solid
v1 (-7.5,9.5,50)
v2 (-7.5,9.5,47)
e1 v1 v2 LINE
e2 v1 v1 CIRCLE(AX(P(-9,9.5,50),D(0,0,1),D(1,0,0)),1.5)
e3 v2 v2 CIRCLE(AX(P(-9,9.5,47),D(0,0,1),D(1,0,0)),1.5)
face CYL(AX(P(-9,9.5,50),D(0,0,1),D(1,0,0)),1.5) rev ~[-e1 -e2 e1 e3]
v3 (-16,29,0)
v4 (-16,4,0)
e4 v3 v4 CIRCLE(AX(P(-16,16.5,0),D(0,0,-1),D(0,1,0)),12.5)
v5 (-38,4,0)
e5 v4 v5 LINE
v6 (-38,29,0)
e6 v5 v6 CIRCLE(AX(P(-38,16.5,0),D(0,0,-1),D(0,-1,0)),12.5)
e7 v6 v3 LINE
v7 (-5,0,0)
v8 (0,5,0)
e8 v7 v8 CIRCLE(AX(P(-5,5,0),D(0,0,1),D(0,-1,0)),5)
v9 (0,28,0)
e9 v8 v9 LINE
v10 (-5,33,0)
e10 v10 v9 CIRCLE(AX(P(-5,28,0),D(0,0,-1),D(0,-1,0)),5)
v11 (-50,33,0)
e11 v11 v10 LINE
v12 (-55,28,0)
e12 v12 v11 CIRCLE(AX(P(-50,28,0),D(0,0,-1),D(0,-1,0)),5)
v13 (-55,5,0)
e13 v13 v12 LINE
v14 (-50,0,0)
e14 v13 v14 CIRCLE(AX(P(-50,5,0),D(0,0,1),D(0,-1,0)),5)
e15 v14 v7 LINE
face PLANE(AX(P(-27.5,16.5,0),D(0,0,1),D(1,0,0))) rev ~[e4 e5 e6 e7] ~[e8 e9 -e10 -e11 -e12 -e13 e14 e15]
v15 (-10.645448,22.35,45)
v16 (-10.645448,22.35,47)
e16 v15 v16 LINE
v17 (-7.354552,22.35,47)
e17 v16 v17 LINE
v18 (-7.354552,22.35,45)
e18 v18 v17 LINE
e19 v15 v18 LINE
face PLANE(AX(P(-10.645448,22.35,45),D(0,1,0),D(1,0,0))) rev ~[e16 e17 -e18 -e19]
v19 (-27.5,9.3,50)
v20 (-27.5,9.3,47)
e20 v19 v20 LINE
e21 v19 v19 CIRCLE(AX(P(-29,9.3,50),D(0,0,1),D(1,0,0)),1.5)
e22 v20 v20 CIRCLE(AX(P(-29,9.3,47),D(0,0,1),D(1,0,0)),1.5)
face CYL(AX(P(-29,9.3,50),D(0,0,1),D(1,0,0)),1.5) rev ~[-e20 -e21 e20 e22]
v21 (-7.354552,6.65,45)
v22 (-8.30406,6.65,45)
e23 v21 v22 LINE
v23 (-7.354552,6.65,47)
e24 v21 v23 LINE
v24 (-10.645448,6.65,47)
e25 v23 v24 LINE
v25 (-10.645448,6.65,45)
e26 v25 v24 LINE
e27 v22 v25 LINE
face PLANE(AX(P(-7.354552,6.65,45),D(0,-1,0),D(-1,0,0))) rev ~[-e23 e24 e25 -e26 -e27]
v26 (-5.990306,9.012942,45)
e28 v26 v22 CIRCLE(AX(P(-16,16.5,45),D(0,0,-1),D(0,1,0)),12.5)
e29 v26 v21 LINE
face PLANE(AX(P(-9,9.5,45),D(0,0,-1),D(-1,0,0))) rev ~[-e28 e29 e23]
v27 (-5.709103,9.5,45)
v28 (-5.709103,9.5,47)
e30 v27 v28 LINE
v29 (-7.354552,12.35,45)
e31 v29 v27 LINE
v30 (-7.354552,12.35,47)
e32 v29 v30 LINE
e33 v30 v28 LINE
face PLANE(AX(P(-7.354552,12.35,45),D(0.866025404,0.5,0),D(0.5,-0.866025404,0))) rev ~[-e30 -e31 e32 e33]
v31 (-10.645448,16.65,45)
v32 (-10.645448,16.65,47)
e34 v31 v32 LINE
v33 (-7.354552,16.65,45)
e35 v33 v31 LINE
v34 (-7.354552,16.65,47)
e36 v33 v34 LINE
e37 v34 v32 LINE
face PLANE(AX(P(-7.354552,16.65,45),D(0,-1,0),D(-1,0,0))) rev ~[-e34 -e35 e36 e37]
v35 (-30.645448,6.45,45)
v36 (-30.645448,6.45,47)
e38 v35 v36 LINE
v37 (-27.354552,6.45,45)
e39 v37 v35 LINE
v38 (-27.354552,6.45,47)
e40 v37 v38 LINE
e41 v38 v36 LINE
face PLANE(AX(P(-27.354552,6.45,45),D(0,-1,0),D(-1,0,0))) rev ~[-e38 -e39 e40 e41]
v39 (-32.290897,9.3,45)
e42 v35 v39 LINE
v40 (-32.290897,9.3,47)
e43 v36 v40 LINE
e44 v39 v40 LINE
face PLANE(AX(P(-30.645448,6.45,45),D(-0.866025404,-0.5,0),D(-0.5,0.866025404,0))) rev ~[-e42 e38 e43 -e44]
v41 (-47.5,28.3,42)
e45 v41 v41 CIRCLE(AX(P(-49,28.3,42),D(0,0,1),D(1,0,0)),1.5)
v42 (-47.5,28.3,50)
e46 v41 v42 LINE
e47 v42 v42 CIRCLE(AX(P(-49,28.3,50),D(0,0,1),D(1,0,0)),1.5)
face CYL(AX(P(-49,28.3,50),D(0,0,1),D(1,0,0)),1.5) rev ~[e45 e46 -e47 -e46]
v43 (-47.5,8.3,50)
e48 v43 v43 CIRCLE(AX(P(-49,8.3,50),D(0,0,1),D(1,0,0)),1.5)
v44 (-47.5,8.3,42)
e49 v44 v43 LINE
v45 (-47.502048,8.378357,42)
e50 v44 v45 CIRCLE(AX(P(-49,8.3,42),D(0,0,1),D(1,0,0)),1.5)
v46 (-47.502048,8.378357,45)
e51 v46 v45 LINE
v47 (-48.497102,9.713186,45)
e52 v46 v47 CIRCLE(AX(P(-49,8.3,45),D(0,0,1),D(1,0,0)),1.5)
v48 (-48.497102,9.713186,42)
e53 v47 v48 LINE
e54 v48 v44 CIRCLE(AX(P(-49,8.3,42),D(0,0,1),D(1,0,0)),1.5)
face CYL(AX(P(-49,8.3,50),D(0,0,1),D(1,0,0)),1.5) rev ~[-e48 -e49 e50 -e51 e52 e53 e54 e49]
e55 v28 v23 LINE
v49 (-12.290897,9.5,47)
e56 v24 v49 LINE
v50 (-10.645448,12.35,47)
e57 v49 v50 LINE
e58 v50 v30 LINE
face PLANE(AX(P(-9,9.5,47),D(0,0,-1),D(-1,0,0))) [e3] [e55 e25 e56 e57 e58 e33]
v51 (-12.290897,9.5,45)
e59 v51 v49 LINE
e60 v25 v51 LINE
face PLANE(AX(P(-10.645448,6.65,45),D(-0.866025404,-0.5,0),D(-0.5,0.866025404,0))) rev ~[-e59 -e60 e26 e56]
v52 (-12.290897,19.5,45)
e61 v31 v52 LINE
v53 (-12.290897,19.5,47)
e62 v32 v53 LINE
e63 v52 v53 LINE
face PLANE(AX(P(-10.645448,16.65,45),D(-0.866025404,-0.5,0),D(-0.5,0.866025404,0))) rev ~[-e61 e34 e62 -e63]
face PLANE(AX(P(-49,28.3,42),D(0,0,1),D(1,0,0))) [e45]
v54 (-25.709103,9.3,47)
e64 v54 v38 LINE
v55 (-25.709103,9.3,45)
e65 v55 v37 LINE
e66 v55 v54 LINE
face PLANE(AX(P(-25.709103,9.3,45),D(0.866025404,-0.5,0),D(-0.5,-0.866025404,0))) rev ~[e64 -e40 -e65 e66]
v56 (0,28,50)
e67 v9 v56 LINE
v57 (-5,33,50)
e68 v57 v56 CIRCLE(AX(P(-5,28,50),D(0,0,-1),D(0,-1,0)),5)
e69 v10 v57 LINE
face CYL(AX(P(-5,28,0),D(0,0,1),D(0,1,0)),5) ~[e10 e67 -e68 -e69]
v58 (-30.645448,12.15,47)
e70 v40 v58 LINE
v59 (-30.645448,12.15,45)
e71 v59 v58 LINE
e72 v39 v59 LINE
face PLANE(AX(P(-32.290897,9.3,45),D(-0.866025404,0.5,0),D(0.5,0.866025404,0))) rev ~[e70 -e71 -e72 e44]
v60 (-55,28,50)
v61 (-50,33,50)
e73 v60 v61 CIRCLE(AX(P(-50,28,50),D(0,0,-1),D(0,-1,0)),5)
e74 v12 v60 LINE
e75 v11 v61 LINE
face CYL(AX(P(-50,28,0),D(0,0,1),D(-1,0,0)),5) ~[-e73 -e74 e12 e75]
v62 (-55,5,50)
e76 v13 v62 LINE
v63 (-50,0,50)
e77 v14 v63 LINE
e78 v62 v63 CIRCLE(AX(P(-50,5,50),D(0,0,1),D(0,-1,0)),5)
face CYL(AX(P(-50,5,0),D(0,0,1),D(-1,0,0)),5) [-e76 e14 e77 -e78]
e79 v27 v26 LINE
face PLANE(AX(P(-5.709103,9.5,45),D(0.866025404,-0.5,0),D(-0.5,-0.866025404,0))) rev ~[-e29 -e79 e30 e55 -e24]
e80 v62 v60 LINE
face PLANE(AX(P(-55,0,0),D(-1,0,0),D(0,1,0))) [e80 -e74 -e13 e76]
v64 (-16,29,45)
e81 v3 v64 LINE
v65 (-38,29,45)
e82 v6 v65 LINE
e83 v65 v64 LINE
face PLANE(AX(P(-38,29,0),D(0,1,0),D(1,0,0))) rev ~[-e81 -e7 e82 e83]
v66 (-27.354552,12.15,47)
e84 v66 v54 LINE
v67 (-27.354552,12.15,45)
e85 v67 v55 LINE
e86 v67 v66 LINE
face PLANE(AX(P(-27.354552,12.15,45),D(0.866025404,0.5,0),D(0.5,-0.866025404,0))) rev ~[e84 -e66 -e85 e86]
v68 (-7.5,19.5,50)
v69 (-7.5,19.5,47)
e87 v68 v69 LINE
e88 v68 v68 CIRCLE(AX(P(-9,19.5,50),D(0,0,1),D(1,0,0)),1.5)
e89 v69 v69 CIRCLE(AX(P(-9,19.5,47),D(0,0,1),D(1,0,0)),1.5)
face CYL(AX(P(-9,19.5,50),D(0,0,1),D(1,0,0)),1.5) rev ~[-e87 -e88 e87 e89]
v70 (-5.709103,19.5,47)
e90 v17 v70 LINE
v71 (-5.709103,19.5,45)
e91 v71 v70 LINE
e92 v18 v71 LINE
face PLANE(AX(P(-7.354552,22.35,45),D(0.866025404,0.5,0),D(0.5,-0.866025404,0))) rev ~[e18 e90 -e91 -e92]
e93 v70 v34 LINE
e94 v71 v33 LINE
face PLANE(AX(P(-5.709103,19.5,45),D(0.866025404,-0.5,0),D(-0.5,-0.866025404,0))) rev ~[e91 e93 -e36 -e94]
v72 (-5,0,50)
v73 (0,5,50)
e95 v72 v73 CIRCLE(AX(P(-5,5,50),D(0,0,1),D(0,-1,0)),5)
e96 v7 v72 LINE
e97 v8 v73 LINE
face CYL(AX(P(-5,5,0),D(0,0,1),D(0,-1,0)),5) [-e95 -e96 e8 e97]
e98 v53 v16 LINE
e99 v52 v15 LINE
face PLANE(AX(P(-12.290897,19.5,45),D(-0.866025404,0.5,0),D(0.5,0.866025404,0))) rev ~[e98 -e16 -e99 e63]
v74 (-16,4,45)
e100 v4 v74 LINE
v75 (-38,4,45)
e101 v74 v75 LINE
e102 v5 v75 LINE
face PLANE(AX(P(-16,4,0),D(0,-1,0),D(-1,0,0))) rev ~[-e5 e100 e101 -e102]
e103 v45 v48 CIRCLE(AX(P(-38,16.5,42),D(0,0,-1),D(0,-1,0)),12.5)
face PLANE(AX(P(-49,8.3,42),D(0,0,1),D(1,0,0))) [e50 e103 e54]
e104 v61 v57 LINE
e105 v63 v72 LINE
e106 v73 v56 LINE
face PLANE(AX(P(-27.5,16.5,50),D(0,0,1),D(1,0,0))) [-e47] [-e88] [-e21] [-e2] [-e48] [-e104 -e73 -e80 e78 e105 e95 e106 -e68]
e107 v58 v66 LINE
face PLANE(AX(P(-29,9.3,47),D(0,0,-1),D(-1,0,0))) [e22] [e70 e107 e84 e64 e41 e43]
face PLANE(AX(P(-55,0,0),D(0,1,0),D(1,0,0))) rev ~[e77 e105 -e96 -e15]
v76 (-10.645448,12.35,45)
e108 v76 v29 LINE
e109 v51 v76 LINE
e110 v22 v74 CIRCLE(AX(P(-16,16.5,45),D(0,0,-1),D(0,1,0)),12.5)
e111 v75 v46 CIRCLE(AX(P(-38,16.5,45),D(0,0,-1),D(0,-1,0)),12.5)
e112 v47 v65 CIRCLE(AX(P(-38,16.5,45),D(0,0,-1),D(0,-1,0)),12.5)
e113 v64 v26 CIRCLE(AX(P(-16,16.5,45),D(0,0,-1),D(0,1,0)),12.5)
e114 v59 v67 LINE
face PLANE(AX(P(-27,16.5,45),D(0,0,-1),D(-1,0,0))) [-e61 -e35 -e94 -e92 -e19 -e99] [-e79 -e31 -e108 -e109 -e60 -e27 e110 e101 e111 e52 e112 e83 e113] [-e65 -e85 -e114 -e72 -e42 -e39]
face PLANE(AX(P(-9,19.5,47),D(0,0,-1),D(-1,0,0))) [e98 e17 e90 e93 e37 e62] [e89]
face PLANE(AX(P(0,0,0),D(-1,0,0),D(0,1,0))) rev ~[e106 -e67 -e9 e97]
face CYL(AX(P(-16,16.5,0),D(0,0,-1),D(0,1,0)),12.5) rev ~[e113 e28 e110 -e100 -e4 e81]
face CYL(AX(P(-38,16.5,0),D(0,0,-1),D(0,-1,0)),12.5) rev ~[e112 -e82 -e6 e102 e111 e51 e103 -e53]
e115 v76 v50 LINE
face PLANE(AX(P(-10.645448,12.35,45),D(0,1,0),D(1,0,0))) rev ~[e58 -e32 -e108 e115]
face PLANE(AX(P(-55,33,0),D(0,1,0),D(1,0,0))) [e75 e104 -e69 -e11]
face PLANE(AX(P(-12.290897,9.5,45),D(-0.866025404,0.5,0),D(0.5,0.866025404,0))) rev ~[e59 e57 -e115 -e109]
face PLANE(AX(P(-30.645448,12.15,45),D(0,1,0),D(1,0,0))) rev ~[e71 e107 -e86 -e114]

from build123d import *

# Parameters (mm, degrees)
ESQUISSE1_W             = 55
ESQUISSE1_H             = 33
BOSS_EXTRU_1_DEPTH      = 50
ENL_V_MAT_EXTRU_2_DEPTH = 45
CONG_1_R                = 5
ESQUISSE3_R             = 1.5
ENL_V_MAT_EXTRU_3_DEPTH = 10
ENL_V_MAT_EXTRU_4_DEPTH = 2
ESQUISSE5_R             = 1.5
ENL_V_MAT_EXTRU_5_DEPTH = 4
ESQUISSE6_R             = 1.5
ENL_V_MAT_EXTRU_7_DEPTH = 4


with BuildPart() as part:
    # Esquisse1 → Boss.-Extru.1 (new body)
    with BuildSketch(Plane.XY):
        with Locations((-27.5, 16.5)):
            Rectangle(ESQUISSE1_W, ESQUISSE1_H)
    extrude(amount=BOSS_EXTRU_1_DEPTH)

    # Esquisse2 → Enlèv. mat.-Extru.2 (cut)
    with BuildSketch(Plane.XY):
        with BuildLine():
            Line((-38, 29), (-16, 29))
            ThreePointArc((-16, 29), (-3.5, 16.5), (-16, 4))
            Line((-16, 4), (-38, 4))
            ThreePointArc((-38, 4), (-50.5, 16.5), (-38, 29))
        make_face()
    extrude(amount=ENL_V_MAT_EXTRU_2_DEPTH, mode=Mode.SUBTRACT)

    # Congé1
    cong_1_edges = [part.edges().sort_by_distance(p)[0] for p in [
        (0, 0, 25),
        (-55, 0, 25),
        (-55, 33, 25),
        (0, 33, 25),
    ]]
    fillet(cong_1_edges, radius=CONG_1_R)

    # Esquisse3 → Enlèv. mat.-Extru.3 (cut)
    with BuildSketch(Plane.XY.offset(50)):
        with Locations((-29, 9.3)):
            Circle(ESQUISSE3_R)
        with Locations((-9, 19.5)):
            Circle(ESQUISSE3_R)
        with Locations((-9, 9.5)):
            Circle(ESQUISSE3_R)
    extrude(amount=-ENL_V_MAT_EXTRU_3_DEPTH, mode=Mode.SUBTRACT)

    # Esquisse4 → Enlèv. mat.-Extru.4 (cut)
    with BuildSketch(Plane(origin=(0, 0, 45), x_dir=(-1, 0, 0), z_dir=(0, 0, -1))):
        Polygon((27.354551733, 6.45), (30.645448267, 6.45), (32.290896534, 9.3), (30.645448267, 12.15), (27.354551733, 12.15), (25.709103466, 9.3), align=None)
        Polygon((7.354551733, 6.65), (10.645448267, 6.65), (12.290896534, 9.5), (10.645448267, 12.35), (7.354551733, 12.35), (5.709103466, 9.5), align=None)
        Polygon((7.354551733, 16.65), (10.645448267, 16.65), (12.290896534, 19.5), (10.645448267, 22.35), (7.354551733, 22.35), (5.709103466, 19.5), align=None)
    extrude(amount=-ENL_V_MAT_EXTRU_4_DEPTH, mode=Mode.SUBTRACT)

    # Esquisse5 → Enlèv. mat.-Extru.5 (cut)
    with BuildSketch(Plane.XY.offset(50)):
        with Locations((-49, 28.3)):
            Circle(ESQUISSE5_R)
        with Locations((-49, 8.3)):
            Circle(ESQUISSE5_R)
    extrude(amount=-ENL_V_MAT_EXTRU_5_DEPTH, mode=Mode.SUBTRACT)

    # Esquisse6 → Enlèv. mat.-Extru.7 (cut)
    with BuildSketch(Plane.XY.offset(46)):
        with Locations((-49, 28.3)):
            Circle(ESQUISSE6_R)
        with Locations((-49, 8.3)):
            Circle(ESQUISSE6_R)
    extrude(amount=-ENL_V_MAT_EXTRU_7_DEPTH, mode=Mode.SUBTRACT)


solid = part.part
